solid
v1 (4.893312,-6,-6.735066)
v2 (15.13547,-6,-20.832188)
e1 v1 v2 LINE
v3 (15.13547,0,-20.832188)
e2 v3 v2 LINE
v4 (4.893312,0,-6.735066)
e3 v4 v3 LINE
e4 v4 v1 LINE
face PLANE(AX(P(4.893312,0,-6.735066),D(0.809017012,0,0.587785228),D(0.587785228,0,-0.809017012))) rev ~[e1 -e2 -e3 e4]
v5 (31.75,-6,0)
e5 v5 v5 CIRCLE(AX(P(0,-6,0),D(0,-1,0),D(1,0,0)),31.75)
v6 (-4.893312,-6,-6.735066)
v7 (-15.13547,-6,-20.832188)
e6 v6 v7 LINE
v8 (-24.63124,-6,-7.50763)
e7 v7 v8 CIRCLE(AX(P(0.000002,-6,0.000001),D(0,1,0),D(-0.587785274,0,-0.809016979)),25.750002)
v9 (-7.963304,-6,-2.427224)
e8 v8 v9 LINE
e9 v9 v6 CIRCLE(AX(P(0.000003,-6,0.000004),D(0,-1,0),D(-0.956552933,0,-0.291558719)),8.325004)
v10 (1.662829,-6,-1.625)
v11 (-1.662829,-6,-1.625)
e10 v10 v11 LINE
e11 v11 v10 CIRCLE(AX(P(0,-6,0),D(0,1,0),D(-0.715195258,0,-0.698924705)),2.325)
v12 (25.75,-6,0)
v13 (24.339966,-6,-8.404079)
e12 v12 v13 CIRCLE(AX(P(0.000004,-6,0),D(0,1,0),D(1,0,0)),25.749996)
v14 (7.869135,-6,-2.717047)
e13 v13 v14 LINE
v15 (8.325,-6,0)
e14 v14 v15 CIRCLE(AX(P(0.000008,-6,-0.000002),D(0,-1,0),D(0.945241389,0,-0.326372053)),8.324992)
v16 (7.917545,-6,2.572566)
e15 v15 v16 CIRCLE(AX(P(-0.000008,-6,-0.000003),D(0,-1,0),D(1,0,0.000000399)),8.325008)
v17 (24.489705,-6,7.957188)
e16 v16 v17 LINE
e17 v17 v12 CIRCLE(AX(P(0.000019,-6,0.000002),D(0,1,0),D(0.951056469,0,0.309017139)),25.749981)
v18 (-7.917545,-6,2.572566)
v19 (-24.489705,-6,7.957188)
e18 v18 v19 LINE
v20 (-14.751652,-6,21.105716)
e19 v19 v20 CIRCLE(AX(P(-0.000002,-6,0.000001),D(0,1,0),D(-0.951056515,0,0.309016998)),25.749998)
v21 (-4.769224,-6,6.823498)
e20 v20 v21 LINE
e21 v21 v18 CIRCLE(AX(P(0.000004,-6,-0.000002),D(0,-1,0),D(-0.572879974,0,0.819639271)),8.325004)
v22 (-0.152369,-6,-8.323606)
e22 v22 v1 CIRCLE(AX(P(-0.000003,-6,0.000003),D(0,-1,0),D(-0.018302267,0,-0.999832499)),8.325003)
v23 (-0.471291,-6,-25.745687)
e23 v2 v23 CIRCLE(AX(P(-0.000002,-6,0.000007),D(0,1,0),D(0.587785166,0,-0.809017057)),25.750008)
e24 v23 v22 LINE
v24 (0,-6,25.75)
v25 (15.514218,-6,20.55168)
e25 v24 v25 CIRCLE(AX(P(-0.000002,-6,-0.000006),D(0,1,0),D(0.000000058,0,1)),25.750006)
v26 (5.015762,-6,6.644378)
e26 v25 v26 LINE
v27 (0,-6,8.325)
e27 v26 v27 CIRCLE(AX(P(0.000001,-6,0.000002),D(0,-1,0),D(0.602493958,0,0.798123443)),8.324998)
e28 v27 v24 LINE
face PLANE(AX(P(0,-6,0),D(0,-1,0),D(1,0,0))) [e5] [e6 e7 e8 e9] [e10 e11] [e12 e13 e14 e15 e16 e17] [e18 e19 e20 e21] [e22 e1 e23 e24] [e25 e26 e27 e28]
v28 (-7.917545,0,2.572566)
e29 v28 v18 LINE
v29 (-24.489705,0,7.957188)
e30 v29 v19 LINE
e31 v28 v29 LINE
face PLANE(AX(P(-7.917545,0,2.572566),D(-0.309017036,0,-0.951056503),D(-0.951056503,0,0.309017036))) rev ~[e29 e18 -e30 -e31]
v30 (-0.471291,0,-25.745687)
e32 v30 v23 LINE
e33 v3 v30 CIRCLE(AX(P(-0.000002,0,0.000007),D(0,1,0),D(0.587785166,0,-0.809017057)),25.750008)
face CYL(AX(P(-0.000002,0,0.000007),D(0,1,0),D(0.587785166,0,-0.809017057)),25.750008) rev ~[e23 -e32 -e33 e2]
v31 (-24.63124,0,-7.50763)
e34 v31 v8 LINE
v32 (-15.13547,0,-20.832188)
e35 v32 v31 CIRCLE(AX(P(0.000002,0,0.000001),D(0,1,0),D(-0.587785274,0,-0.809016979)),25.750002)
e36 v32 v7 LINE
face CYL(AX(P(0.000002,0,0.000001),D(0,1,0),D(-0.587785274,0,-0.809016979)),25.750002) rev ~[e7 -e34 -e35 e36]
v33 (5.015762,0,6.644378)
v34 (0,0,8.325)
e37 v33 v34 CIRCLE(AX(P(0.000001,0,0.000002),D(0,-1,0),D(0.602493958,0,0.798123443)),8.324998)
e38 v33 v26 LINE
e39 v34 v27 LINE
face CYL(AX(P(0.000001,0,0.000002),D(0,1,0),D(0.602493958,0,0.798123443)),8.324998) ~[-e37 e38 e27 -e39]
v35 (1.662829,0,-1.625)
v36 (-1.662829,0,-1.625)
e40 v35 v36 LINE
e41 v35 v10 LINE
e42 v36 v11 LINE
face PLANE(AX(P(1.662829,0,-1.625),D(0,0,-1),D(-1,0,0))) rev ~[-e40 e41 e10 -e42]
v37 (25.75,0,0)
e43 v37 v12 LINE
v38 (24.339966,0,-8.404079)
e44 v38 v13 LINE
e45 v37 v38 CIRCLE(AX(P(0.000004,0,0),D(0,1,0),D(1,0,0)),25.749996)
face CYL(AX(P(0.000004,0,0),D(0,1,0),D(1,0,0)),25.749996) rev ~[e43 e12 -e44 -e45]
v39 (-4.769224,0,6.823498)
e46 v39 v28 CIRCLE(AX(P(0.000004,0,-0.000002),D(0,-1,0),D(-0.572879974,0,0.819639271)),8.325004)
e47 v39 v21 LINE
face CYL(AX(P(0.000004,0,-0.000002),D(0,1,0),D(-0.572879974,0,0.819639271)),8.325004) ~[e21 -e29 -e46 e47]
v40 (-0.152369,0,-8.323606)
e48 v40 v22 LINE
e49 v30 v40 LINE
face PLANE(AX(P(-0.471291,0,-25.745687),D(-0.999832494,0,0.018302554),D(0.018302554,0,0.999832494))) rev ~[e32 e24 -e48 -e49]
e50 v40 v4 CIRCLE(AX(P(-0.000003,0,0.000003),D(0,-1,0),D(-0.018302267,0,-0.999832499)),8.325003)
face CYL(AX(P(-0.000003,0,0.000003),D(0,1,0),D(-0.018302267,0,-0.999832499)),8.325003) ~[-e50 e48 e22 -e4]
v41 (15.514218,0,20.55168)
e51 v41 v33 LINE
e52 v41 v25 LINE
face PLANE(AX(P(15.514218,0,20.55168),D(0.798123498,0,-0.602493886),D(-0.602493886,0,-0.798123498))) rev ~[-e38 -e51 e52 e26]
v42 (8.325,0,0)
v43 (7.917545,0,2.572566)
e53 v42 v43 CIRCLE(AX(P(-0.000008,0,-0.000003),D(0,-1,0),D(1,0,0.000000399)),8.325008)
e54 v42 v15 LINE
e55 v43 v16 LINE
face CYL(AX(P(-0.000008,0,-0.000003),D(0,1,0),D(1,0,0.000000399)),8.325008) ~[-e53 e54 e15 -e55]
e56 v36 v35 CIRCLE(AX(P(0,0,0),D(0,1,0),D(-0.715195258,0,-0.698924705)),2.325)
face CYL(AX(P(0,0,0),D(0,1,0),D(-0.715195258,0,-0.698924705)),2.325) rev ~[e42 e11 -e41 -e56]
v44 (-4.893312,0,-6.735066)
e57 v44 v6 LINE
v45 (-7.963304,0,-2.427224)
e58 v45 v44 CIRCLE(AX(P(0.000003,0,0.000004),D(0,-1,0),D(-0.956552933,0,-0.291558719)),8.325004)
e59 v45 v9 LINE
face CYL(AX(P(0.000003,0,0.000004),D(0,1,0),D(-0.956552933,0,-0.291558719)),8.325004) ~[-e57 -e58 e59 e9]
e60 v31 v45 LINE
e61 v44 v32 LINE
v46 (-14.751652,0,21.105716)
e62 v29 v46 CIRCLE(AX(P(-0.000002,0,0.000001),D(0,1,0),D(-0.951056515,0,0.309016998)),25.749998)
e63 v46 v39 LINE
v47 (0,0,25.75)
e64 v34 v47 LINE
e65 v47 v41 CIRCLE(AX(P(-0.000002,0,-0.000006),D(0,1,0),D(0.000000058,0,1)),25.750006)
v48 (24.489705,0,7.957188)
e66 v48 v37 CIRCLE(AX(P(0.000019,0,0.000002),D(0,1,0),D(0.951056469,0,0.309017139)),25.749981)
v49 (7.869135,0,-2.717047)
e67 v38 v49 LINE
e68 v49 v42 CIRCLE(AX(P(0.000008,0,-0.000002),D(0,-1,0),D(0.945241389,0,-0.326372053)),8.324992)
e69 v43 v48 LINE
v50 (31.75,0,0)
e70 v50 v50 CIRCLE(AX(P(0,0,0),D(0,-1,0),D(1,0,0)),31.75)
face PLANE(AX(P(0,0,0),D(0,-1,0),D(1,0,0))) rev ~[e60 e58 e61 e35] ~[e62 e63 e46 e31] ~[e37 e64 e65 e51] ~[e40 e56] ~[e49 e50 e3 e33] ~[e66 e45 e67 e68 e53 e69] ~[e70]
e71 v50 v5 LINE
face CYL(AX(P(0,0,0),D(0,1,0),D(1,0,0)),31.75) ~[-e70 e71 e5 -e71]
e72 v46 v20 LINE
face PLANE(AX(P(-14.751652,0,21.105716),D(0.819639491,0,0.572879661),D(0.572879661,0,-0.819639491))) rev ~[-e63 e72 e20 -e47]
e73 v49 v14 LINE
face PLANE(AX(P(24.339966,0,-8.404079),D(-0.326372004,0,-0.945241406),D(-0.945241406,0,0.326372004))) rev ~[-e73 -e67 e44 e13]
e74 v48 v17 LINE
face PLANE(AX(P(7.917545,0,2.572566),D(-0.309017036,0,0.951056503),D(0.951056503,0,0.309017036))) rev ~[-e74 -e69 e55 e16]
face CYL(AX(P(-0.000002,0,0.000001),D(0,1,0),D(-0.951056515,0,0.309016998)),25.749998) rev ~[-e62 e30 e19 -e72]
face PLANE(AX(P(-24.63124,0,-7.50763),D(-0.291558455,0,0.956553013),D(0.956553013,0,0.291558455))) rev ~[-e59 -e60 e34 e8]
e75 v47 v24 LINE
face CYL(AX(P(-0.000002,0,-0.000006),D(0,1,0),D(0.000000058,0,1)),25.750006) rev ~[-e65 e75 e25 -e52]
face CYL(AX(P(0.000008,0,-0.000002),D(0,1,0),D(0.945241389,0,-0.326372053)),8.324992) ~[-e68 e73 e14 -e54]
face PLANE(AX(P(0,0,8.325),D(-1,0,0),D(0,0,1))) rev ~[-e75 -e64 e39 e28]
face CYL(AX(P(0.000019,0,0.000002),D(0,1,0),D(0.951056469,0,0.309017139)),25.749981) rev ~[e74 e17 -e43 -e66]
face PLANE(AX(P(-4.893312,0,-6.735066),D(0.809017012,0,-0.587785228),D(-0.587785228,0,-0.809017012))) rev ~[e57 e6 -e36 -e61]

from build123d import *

# Parameters (mm, degrees)
F0_R     = 31.75
F1_DEPTH = 6


with BuildPart() as f1:
    # F0 (on Front) → F1 (new body)
    with BuildSketch(Plane.XZ):
        Circle(F0_R)
        with BuildLine():
            ThreePointArc((15.514218, 20.55168), (20.96983, 14.944187), (24.489705, 7.957188))
            ThreePointArc((24.489705, 7.957188), (25.432975, 4.028187), (25.75, 0))
            ThreePointArc((25.75, 0), (25.395045, -4.260773), (24.339966, -8.404079))
            ThreePointArc((24.339966, -8.404079), (20.6928, -15.325486), (15.13547, -20.832188))
            ThreePointArc((15.13547, -20.832188), (7.732733, -24.561501), (-0.471291, -25.745687))
            ThreePointArc((-0.471291, -25.745687), (-8.180976, -24.415858), (-15.13547, -20.832188))
            ThreePointArc((-15.13547, -20.832188), (-20.96983, -14.944187), (-24.63124, -7.50763))
            ThreePointArc((-24.63124, -7.50763), (-25.748922, 0.235655), (-24.489705, 7.957188))
            ThreePointArc((-24.489705, 7.957188), (-20.6928, 15.325486), (-14.751652, 21.105716))
            ThreePointArc((-14.751652, 21.105716), (-7.732733, 24.561501), (0, 25.75))
            ThreePointArc((0, 25.75), (8.180976, 24.415858), (15.514218, 20.55168))
        make_face(mode=Mode.SUBTRACT)
        with BuildLine():
            ThreePointArc((-4.769224, 6.823498), (-2.5, 7.940757), (0, 8.325))
            Line((0, 8.325), (0, 25.75))
            ThreePointArc((0, 25.75), (-7.732733, 24.561501), (-14.751652, 21.105716))
            Line((-14.751652, 21.105716), (-4.769224, 6.823498))
        make_face()
        with BuildLine():
            ThreePointArc((5.015762, 6.644378), (6.779566, 4.83147), (7.917545, 2.572566))
            Line((7.917545, 2.572566), (24.489705, 7.957188))
            ThreePointArc((24.489705, 7.957188), (20.96983, 14.944187), (15.514218, 20.55168))
            Line((15.514218, 20.55168), (5.015762, 6.644378))
        make_face()
        with BuildLine():
            Line((24.339966, -8.404079), (7.869135, -2.717047))
            ThreePointArc((7.869135, -2.717047), (6.690002, -4.954744), (4.893312, -6.735066))
            Line((4.893312, -6.735066), (15.13547, -20.832188))
            ThreePointArc((15.13547, -20.832188), (20.6928, -15.325486), (24.339966, -8.404079))
        make_face()
        with BuildLine():
            Line((-0.471291, -25.745687), (-0.152369, -8.323606))
            ThreePointArc((-0.152369, -8.323606), (-2.644917, -7.893671), (-4.893312, -6.735066))
            Line((-4.893312, -6.735066), (-15.13547, -20.832188))
            ThreePointArc((-15.13547, -20.832188), (-8.180976, -24.415858), (-0.471291, -25.745687))
        make_face()
        with BuildLine():
            ThreePointArc((-7.963304, -2.427224), (-8.324651, 0.076188), (-7.917545, 2.572566))
            Line((-7.917545, 2.572566), (-24.489705, 7.957188))
            ThreePointArc((-24.489705, 7.957188), (-25.748922, 0.235655), (-24.63124, -7.50763))
            Line((-24.63124, -7.50763), (-7.963304, -2.427224))
        make_face()
        with BuildLine():
            ThreePointArc((7.869135, -2.717047), (8.210243, -1.377512), (8.325, 0))
            ThreePointArc((8.325, 0), (8.222505, 1.302317), (7.917545, 2.572566))
            ThreePointArc((7.917545, 2.572566), (6.779566, 4.83147), (5.015762, 6.644378))
            ThreePointArc((5.015762, 6.644378), (2.644917, 7.893671), (0, 8.325))
            ThreePointArc((0, 8.325), (-2.5, 7.940757), (-4.769224, 6.823498))
            ThreePointArc((-4.769224, 6.823498), (-6.690002, 4.954744), (-7.917545, 2.572566))
            ThreePointArc((-7.917545, 2.572566), (-8.324651, 0.076188), (-7.963304, -2.427224))
            ThreePointArc((-7.963304, -2.427224), (-6.779566, -4.83147), (-4.893312, -6.735066))
            ThreePointArc((-4.893312, -6.735066), (-2.644917, -7.893671), (-0.152369, -8.323606))
            ThreePointArc((-0.152369, -8.323606), (2.5, -7.940757), (4.893312, -6.735066))
            ThreePointArc((4.893312, -6.735066), (6.690002, -4.954744), (7.869135, -2.717047))
        make_face()
        with BuildLine():
            ThreePointArc((-1.683746, -1.675), (0, 2.375), (1.683746, -1.675))
            Line((1.683746, -1.675), (-1.683746, -1.675))
        make_face(mode=Mode.SUBTRACT)
        with BuildLine():
            Line((-1.683746, -1.675), (1.683746, -1.675))
            ThreePointArc((1.683746, -1.675), (0, 2.375), (-1.683746, -1.675))
        make_face()
        with BuildLine():
            ThreePointArc((-1.662829, -1.625), (0, 2.325), (1.662829, -1.625))
            Line((1.662829, -1.625), (-1.662829, -1.625))
        make_face(mode=Mode.SUBTRACT)
    extrude(amount=F1_DEPTH)


solid = f1.part
